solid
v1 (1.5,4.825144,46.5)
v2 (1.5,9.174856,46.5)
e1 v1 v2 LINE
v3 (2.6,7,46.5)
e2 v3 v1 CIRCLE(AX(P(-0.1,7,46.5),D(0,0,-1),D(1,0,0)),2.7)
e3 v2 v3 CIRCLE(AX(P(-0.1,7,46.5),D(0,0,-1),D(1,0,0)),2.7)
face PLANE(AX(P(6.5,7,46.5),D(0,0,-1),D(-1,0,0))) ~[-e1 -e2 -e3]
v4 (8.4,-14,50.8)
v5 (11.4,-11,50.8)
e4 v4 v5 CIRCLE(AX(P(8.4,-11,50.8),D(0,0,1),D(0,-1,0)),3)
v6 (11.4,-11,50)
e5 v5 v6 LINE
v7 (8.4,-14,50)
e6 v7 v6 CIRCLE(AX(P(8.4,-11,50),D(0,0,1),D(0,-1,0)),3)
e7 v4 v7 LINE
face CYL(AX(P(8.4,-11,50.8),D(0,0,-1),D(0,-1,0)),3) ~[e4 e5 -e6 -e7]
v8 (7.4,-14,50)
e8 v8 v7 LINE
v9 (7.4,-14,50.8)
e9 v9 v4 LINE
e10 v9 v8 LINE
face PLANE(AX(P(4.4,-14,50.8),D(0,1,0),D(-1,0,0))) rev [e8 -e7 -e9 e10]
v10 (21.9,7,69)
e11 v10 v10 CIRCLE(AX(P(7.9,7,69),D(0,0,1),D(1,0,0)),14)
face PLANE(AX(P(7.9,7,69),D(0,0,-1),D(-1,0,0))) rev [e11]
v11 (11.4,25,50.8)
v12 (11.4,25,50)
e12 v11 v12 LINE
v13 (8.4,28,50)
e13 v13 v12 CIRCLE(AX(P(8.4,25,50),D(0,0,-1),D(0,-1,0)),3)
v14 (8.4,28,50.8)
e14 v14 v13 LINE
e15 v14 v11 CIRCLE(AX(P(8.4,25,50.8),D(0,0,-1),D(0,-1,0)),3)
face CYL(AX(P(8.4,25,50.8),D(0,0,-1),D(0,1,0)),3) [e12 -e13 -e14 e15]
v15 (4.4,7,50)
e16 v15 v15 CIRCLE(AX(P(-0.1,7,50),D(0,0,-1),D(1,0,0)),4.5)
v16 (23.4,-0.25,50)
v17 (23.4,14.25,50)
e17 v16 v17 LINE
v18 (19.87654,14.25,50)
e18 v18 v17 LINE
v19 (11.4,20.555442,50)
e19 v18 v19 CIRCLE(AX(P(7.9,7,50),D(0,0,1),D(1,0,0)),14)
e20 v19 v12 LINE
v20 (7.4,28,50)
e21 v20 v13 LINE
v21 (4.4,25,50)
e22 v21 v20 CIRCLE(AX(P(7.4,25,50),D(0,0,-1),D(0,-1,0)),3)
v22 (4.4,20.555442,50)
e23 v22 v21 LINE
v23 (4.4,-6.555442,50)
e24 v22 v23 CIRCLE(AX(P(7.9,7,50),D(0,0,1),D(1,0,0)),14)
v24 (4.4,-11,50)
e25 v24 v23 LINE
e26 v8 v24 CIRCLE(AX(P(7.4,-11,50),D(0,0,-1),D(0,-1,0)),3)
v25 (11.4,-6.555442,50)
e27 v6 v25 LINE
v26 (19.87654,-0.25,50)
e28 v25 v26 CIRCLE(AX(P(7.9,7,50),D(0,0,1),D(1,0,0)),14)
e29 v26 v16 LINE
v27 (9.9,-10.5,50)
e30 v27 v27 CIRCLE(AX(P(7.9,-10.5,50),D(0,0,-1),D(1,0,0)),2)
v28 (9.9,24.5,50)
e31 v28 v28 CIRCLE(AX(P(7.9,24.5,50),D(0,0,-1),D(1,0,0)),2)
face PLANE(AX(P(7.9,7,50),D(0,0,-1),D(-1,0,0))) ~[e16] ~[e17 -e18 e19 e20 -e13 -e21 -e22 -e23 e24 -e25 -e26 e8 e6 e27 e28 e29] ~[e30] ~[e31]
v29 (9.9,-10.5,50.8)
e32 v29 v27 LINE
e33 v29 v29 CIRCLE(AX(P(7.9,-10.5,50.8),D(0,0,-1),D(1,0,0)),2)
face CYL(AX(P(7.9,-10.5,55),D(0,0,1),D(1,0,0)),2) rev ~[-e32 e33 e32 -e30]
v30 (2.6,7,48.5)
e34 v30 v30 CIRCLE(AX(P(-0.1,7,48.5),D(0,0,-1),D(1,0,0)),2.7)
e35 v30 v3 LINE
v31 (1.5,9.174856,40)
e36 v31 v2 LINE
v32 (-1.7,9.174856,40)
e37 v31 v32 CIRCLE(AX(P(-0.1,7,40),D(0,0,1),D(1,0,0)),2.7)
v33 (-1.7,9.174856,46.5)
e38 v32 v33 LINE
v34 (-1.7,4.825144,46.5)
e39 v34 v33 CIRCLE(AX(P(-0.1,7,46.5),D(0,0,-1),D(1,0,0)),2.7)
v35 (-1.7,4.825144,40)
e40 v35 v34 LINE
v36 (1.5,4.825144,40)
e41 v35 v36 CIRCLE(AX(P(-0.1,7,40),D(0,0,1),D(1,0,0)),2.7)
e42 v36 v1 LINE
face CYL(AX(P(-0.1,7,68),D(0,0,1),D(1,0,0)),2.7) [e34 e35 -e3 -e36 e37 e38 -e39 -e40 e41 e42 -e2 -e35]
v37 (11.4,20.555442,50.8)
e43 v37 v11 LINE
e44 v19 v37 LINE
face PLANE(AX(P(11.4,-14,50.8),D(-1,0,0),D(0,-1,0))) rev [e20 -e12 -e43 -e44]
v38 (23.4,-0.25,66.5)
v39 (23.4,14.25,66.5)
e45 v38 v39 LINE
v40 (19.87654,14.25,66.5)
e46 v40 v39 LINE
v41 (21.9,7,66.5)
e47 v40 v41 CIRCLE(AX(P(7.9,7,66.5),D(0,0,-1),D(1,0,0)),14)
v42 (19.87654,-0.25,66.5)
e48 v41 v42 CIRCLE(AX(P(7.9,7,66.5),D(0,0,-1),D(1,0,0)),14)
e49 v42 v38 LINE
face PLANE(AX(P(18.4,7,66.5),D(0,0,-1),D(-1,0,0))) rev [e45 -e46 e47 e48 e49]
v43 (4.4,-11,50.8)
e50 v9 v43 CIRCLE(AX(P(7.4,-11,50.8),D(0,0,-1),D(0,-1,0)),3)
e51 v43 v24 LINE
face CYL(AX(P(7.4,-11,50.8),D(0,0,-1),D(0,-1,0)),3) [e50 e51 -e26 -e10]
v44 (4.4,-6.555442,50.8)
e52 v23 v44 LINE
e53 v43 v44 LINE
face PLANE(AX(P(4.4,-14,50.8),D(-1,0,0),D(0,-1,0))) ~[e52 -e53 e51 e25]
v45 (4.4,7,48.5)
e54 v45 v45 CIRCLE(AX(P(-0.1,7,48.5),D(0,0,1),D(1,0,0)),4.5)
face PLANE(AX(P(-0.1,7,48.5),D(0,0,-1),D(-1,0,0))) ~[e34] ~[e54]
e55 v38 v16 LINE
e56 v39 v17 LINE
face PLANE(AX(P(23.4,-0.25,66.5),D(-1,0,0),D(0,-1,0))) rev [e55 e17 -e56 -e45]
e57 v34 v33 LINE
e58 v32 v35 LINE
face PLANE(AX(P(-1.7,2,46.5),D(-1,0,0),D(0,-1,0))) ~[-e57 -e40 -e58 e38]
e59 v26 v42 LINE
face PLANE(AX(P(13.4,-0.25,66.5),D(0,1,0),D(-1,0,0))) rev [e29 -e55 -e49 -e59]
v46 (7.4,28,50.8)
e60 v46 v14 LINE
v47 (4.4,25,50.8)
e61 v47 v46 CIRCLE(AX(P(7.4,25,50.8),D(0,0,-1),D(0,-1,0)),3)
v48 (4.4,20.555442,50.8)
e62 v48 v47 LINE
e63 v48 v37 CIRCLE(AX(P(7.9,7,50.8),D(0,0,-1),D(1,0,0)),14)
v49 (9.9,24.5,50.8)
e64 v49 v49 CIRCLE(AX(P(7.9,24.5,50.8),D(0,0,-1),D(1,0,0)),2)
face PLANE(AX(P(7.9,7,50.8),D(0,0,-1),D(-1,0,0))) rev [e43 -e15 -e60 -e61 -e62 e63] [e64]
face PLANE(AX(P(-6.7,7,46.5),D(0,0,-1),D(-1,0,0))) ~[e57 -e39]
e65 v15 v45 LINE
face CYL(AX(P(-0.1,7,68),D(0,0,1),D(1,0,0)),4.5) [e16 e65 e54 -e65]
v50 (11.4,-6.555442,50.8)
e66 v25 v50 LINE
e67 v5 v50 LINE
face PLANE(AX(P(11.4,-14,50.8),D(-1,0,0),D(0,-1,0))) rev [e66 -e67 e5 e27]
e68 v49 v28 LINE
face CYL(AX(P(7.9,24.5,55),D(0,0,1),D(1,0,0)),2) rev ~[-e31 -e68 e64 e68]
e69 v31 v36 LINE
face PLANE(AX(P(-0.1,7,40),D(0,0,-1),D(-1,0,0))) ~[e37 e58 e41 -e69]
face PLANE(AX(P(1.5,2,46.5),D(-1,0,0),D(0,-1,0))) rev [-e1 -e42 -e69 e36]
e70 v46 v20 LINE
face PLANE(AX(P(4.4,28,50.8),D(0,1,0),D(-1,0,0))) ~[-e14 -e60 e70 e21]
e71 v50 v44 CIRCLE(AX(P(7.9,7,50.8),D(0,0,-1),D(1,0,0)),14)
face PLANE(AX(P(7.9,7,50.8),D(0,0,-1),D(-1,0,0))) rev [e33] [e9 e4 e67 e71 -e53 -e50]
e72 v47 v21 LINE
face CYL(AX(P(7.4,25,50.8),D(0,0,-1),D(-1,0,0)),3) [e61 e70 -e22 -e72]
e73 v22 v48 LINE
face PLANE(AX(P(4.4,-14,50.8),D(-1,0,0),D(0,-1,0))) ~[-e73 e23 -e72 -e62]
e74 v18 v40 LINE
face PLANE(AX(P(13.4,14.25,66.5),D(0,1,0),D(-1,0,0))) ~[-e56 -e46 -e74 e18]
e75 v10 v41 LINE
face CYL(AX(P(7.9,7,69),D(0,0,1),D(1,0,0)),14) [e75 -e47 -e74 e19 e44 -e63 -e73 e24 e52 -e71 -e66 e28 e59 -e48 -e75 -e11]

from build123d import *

# Parameters (mm, degrees)
CYLINDER017_R     = 2
CYLINDER017_DEPTH = 20
CYLINDER016_R     = 2
CYLINDER016_DEPTH = 20
CYLINDER019_R     = 4.5
CYLINDER019_DEPTH = 19.5
BOX013_W          = 7
BOX013_H          = 42
BOX013_DEPTH      = 0.8
FILLET012_R       = 3
FILLET013_R       = 3
FILLET014_R       = 3
FILLET015_R       = 3
BOX012_W          = 10
BOX012_H          = 14.5
BOX012_DEPTH      = 16.5
CYLINDER015_R     = 14
CYLINDER015_DEPTH = 19
BOX014_W          = 10
BOX014_H          = 10
BOX014_DEPTH      = 10
BOX015_W          = 10
BOX015_H          = 10
BOX015_DEPTH      = 10
CYLINDER018_R     = 2.7
CYLINDER018_DEPTH = 28


with BuildPart() as cylinder017:
    # Cylinder017 → Cylinder017 (new body)
    with BuildSketch(Plane(origin=(0, -17.5, 14), x_dir=(1, 0, 0), z_dir=(0, 0, 1))):
        Circle(CYLINDER017_R)
    extrude(amount=CYLINDER017_DEPTH)


with BuildPart() as cylinder016:
    # Cylinder016 → Cylinder016 (new body)
    with BuildSketch(Plane(origin=(0, 17.5, 14), x_dir=(1, 0, 0), z_dir=(0, 0, 1))):
        Circle(CYLINDER016_R)
    extrude(amount=CYLINDER016_DEPTH)


with BuildPart() as shaft_boss003:
    # Cylinder019 → Cylinder019 (new body)
    with BuildSketch(Plane(origin=(-8, 0, 1), x_dir=(1, 0, 0), z_dir=(0, 0, 1))):
        Circle(CYLINDER019_R)
    extrude(amount=CYLINDER019_DEPTH)


with BuildPart() as fillet015:
    # Box013 → Box013 (new body)
    with BuildSketch(Plane(origin=(-3.5, -21, 18.2), x_dir=(1, 0, 0), z_dir=(0, 0, 1))):
        with Locations((3.5, 21)):
            Rectangle(BOX013_W, BOX013_H)
    extrude(amount=BOX013_DEPTH)

    # Fillet012
    fillet012_edges = [fillet015.edges().sort_by_distance(p)[0] for p in [
        (3.5, -21, 18.6),
    ]]
    fillet(fillet012_edges, radius=FILLET012_R)

    # Fillet013
    fillet013_edges = [fillet015.edges().sort_by_distance(p)[0] for p in [
        (-3.5, -21, 18.6),
    ]]
    fillet(fillet013_edges, radius=FILLET013_R)

    # Fillet014
    fillet014_edges = [fillet015.edges().sort_by_distance(p)[0] for p in [
        (-3.5, 21, 18.6),
    ]]
    fillet(fillet014_edges, radius=FILLET014_R)

    # Fillet015
    fillet015_edges = [fillet015.edges().sort_by_distance(p)[0] for p in [
        (3.5, 21, 18.6),
    ]]
    fillet(fillet015_edges, radius=FILLET015_R)


with BuildPart() as cube012:
    # Box012 → Box012 (new body)
    with BuildSketch(Plane(origin=(5.5, -7.25, 2.5), x_dir=(1, 0, 0), z_dir=(0, 0, 1))):
        with Locations((5, 7.25)):
            Rectangle(BOX012_W, BOX012_H)
    extrude(amount=BOX012_DEPTH)


with BuildPart() as motor_body003:
    # Cylinder015 → Cylinder015 (new body)
    with BuildSketch(Plane.XY):
        Circle(CYLINDER015_R)
    extrude(amount=CYLINDER015_DEPTH)

    # Fusion012: union Cube012
    add(cube012.part)

    # Fusion013: union Fillet015
    add(fillet015.part)

    # Fusion014: union shaft-boss003
    add(shaft_boss003.part)

    # Cut014: cut Cylinder016
    add(cylinder016.part, mode=Mode.SUBTRACT)

    # Cut015: cut Cylinder017
    add(cylinder017.part, mode=Mode.SUBTRACT)


with BuildPart() as cube014:
    # Box014 → Box014 (new body)
    with BuildSketch(Plane(origin=(-6.4, -5, 22.5), x_dir=(1, 0, 0), z_dir=(0, 0, 1))):
        with Locations((5, 5)):
            Rectangle(BOX014_W, BOX014_H)
    extrude(amount=BOX014_DEPTH)


with BuildPart() as cube015:
    # Box015 → Box015 (new body)
    with BuildSketch(Plane(origin=(-19.6, -5, 22.5), x_dir=(1, 0, 0), z_dir=(0, 0, 1))):
        with Locations((5, 5)):
            Rectangle(BOX015_W, BOX015_H)
    extrude(amount=BOX015_DEPTH)


with BuildPart() as f_28byj_48_motor003:
    # Cylinder018 → Cylinder018 (new body)
    with BuildSketch(Plane(origin=(-8, 0, 1), x_dir=(1, 0, 0), z_dir=(0, 0, 1))):
        Circle(CYLINDER018_R)
    extrude(amount=CYLINDER018_DEPTH)

    # Cut012: cut Cube015
    add(cube015.part, mode=Mode.SUBTRACT)

    # Cut013: cut Cube014
    add(cube014.part, mode=Mode.SUBTRACT)

    # Fusion015: union motor-body003
    add(motor_body003.part)


with BuildPart() as f_28byj_48_motor003_1:
    # Fusion015 placement: moved
    add(f_28byj_48_motor003.part.moved(Location((7.9, 7, 7))))


with BuildPart() as f_28byj48_motor:
    # Part__Mirroring: instance of 28BYJ-48-motor003
    add(f_28byj_48_motor003_1.part.mirror(Plane(origin=(0, 0, 0), x_dir=(0, 1, 0), z_dir=(0, 0, 1))))


with BuildPart() as f_28byj48_motor_1:
    # Part__Mirroring placement: moved
    add(f_28byj48_motor.part.moved(Location((0, 0, 76))))


solid = f_28byj48_motor_1.part
